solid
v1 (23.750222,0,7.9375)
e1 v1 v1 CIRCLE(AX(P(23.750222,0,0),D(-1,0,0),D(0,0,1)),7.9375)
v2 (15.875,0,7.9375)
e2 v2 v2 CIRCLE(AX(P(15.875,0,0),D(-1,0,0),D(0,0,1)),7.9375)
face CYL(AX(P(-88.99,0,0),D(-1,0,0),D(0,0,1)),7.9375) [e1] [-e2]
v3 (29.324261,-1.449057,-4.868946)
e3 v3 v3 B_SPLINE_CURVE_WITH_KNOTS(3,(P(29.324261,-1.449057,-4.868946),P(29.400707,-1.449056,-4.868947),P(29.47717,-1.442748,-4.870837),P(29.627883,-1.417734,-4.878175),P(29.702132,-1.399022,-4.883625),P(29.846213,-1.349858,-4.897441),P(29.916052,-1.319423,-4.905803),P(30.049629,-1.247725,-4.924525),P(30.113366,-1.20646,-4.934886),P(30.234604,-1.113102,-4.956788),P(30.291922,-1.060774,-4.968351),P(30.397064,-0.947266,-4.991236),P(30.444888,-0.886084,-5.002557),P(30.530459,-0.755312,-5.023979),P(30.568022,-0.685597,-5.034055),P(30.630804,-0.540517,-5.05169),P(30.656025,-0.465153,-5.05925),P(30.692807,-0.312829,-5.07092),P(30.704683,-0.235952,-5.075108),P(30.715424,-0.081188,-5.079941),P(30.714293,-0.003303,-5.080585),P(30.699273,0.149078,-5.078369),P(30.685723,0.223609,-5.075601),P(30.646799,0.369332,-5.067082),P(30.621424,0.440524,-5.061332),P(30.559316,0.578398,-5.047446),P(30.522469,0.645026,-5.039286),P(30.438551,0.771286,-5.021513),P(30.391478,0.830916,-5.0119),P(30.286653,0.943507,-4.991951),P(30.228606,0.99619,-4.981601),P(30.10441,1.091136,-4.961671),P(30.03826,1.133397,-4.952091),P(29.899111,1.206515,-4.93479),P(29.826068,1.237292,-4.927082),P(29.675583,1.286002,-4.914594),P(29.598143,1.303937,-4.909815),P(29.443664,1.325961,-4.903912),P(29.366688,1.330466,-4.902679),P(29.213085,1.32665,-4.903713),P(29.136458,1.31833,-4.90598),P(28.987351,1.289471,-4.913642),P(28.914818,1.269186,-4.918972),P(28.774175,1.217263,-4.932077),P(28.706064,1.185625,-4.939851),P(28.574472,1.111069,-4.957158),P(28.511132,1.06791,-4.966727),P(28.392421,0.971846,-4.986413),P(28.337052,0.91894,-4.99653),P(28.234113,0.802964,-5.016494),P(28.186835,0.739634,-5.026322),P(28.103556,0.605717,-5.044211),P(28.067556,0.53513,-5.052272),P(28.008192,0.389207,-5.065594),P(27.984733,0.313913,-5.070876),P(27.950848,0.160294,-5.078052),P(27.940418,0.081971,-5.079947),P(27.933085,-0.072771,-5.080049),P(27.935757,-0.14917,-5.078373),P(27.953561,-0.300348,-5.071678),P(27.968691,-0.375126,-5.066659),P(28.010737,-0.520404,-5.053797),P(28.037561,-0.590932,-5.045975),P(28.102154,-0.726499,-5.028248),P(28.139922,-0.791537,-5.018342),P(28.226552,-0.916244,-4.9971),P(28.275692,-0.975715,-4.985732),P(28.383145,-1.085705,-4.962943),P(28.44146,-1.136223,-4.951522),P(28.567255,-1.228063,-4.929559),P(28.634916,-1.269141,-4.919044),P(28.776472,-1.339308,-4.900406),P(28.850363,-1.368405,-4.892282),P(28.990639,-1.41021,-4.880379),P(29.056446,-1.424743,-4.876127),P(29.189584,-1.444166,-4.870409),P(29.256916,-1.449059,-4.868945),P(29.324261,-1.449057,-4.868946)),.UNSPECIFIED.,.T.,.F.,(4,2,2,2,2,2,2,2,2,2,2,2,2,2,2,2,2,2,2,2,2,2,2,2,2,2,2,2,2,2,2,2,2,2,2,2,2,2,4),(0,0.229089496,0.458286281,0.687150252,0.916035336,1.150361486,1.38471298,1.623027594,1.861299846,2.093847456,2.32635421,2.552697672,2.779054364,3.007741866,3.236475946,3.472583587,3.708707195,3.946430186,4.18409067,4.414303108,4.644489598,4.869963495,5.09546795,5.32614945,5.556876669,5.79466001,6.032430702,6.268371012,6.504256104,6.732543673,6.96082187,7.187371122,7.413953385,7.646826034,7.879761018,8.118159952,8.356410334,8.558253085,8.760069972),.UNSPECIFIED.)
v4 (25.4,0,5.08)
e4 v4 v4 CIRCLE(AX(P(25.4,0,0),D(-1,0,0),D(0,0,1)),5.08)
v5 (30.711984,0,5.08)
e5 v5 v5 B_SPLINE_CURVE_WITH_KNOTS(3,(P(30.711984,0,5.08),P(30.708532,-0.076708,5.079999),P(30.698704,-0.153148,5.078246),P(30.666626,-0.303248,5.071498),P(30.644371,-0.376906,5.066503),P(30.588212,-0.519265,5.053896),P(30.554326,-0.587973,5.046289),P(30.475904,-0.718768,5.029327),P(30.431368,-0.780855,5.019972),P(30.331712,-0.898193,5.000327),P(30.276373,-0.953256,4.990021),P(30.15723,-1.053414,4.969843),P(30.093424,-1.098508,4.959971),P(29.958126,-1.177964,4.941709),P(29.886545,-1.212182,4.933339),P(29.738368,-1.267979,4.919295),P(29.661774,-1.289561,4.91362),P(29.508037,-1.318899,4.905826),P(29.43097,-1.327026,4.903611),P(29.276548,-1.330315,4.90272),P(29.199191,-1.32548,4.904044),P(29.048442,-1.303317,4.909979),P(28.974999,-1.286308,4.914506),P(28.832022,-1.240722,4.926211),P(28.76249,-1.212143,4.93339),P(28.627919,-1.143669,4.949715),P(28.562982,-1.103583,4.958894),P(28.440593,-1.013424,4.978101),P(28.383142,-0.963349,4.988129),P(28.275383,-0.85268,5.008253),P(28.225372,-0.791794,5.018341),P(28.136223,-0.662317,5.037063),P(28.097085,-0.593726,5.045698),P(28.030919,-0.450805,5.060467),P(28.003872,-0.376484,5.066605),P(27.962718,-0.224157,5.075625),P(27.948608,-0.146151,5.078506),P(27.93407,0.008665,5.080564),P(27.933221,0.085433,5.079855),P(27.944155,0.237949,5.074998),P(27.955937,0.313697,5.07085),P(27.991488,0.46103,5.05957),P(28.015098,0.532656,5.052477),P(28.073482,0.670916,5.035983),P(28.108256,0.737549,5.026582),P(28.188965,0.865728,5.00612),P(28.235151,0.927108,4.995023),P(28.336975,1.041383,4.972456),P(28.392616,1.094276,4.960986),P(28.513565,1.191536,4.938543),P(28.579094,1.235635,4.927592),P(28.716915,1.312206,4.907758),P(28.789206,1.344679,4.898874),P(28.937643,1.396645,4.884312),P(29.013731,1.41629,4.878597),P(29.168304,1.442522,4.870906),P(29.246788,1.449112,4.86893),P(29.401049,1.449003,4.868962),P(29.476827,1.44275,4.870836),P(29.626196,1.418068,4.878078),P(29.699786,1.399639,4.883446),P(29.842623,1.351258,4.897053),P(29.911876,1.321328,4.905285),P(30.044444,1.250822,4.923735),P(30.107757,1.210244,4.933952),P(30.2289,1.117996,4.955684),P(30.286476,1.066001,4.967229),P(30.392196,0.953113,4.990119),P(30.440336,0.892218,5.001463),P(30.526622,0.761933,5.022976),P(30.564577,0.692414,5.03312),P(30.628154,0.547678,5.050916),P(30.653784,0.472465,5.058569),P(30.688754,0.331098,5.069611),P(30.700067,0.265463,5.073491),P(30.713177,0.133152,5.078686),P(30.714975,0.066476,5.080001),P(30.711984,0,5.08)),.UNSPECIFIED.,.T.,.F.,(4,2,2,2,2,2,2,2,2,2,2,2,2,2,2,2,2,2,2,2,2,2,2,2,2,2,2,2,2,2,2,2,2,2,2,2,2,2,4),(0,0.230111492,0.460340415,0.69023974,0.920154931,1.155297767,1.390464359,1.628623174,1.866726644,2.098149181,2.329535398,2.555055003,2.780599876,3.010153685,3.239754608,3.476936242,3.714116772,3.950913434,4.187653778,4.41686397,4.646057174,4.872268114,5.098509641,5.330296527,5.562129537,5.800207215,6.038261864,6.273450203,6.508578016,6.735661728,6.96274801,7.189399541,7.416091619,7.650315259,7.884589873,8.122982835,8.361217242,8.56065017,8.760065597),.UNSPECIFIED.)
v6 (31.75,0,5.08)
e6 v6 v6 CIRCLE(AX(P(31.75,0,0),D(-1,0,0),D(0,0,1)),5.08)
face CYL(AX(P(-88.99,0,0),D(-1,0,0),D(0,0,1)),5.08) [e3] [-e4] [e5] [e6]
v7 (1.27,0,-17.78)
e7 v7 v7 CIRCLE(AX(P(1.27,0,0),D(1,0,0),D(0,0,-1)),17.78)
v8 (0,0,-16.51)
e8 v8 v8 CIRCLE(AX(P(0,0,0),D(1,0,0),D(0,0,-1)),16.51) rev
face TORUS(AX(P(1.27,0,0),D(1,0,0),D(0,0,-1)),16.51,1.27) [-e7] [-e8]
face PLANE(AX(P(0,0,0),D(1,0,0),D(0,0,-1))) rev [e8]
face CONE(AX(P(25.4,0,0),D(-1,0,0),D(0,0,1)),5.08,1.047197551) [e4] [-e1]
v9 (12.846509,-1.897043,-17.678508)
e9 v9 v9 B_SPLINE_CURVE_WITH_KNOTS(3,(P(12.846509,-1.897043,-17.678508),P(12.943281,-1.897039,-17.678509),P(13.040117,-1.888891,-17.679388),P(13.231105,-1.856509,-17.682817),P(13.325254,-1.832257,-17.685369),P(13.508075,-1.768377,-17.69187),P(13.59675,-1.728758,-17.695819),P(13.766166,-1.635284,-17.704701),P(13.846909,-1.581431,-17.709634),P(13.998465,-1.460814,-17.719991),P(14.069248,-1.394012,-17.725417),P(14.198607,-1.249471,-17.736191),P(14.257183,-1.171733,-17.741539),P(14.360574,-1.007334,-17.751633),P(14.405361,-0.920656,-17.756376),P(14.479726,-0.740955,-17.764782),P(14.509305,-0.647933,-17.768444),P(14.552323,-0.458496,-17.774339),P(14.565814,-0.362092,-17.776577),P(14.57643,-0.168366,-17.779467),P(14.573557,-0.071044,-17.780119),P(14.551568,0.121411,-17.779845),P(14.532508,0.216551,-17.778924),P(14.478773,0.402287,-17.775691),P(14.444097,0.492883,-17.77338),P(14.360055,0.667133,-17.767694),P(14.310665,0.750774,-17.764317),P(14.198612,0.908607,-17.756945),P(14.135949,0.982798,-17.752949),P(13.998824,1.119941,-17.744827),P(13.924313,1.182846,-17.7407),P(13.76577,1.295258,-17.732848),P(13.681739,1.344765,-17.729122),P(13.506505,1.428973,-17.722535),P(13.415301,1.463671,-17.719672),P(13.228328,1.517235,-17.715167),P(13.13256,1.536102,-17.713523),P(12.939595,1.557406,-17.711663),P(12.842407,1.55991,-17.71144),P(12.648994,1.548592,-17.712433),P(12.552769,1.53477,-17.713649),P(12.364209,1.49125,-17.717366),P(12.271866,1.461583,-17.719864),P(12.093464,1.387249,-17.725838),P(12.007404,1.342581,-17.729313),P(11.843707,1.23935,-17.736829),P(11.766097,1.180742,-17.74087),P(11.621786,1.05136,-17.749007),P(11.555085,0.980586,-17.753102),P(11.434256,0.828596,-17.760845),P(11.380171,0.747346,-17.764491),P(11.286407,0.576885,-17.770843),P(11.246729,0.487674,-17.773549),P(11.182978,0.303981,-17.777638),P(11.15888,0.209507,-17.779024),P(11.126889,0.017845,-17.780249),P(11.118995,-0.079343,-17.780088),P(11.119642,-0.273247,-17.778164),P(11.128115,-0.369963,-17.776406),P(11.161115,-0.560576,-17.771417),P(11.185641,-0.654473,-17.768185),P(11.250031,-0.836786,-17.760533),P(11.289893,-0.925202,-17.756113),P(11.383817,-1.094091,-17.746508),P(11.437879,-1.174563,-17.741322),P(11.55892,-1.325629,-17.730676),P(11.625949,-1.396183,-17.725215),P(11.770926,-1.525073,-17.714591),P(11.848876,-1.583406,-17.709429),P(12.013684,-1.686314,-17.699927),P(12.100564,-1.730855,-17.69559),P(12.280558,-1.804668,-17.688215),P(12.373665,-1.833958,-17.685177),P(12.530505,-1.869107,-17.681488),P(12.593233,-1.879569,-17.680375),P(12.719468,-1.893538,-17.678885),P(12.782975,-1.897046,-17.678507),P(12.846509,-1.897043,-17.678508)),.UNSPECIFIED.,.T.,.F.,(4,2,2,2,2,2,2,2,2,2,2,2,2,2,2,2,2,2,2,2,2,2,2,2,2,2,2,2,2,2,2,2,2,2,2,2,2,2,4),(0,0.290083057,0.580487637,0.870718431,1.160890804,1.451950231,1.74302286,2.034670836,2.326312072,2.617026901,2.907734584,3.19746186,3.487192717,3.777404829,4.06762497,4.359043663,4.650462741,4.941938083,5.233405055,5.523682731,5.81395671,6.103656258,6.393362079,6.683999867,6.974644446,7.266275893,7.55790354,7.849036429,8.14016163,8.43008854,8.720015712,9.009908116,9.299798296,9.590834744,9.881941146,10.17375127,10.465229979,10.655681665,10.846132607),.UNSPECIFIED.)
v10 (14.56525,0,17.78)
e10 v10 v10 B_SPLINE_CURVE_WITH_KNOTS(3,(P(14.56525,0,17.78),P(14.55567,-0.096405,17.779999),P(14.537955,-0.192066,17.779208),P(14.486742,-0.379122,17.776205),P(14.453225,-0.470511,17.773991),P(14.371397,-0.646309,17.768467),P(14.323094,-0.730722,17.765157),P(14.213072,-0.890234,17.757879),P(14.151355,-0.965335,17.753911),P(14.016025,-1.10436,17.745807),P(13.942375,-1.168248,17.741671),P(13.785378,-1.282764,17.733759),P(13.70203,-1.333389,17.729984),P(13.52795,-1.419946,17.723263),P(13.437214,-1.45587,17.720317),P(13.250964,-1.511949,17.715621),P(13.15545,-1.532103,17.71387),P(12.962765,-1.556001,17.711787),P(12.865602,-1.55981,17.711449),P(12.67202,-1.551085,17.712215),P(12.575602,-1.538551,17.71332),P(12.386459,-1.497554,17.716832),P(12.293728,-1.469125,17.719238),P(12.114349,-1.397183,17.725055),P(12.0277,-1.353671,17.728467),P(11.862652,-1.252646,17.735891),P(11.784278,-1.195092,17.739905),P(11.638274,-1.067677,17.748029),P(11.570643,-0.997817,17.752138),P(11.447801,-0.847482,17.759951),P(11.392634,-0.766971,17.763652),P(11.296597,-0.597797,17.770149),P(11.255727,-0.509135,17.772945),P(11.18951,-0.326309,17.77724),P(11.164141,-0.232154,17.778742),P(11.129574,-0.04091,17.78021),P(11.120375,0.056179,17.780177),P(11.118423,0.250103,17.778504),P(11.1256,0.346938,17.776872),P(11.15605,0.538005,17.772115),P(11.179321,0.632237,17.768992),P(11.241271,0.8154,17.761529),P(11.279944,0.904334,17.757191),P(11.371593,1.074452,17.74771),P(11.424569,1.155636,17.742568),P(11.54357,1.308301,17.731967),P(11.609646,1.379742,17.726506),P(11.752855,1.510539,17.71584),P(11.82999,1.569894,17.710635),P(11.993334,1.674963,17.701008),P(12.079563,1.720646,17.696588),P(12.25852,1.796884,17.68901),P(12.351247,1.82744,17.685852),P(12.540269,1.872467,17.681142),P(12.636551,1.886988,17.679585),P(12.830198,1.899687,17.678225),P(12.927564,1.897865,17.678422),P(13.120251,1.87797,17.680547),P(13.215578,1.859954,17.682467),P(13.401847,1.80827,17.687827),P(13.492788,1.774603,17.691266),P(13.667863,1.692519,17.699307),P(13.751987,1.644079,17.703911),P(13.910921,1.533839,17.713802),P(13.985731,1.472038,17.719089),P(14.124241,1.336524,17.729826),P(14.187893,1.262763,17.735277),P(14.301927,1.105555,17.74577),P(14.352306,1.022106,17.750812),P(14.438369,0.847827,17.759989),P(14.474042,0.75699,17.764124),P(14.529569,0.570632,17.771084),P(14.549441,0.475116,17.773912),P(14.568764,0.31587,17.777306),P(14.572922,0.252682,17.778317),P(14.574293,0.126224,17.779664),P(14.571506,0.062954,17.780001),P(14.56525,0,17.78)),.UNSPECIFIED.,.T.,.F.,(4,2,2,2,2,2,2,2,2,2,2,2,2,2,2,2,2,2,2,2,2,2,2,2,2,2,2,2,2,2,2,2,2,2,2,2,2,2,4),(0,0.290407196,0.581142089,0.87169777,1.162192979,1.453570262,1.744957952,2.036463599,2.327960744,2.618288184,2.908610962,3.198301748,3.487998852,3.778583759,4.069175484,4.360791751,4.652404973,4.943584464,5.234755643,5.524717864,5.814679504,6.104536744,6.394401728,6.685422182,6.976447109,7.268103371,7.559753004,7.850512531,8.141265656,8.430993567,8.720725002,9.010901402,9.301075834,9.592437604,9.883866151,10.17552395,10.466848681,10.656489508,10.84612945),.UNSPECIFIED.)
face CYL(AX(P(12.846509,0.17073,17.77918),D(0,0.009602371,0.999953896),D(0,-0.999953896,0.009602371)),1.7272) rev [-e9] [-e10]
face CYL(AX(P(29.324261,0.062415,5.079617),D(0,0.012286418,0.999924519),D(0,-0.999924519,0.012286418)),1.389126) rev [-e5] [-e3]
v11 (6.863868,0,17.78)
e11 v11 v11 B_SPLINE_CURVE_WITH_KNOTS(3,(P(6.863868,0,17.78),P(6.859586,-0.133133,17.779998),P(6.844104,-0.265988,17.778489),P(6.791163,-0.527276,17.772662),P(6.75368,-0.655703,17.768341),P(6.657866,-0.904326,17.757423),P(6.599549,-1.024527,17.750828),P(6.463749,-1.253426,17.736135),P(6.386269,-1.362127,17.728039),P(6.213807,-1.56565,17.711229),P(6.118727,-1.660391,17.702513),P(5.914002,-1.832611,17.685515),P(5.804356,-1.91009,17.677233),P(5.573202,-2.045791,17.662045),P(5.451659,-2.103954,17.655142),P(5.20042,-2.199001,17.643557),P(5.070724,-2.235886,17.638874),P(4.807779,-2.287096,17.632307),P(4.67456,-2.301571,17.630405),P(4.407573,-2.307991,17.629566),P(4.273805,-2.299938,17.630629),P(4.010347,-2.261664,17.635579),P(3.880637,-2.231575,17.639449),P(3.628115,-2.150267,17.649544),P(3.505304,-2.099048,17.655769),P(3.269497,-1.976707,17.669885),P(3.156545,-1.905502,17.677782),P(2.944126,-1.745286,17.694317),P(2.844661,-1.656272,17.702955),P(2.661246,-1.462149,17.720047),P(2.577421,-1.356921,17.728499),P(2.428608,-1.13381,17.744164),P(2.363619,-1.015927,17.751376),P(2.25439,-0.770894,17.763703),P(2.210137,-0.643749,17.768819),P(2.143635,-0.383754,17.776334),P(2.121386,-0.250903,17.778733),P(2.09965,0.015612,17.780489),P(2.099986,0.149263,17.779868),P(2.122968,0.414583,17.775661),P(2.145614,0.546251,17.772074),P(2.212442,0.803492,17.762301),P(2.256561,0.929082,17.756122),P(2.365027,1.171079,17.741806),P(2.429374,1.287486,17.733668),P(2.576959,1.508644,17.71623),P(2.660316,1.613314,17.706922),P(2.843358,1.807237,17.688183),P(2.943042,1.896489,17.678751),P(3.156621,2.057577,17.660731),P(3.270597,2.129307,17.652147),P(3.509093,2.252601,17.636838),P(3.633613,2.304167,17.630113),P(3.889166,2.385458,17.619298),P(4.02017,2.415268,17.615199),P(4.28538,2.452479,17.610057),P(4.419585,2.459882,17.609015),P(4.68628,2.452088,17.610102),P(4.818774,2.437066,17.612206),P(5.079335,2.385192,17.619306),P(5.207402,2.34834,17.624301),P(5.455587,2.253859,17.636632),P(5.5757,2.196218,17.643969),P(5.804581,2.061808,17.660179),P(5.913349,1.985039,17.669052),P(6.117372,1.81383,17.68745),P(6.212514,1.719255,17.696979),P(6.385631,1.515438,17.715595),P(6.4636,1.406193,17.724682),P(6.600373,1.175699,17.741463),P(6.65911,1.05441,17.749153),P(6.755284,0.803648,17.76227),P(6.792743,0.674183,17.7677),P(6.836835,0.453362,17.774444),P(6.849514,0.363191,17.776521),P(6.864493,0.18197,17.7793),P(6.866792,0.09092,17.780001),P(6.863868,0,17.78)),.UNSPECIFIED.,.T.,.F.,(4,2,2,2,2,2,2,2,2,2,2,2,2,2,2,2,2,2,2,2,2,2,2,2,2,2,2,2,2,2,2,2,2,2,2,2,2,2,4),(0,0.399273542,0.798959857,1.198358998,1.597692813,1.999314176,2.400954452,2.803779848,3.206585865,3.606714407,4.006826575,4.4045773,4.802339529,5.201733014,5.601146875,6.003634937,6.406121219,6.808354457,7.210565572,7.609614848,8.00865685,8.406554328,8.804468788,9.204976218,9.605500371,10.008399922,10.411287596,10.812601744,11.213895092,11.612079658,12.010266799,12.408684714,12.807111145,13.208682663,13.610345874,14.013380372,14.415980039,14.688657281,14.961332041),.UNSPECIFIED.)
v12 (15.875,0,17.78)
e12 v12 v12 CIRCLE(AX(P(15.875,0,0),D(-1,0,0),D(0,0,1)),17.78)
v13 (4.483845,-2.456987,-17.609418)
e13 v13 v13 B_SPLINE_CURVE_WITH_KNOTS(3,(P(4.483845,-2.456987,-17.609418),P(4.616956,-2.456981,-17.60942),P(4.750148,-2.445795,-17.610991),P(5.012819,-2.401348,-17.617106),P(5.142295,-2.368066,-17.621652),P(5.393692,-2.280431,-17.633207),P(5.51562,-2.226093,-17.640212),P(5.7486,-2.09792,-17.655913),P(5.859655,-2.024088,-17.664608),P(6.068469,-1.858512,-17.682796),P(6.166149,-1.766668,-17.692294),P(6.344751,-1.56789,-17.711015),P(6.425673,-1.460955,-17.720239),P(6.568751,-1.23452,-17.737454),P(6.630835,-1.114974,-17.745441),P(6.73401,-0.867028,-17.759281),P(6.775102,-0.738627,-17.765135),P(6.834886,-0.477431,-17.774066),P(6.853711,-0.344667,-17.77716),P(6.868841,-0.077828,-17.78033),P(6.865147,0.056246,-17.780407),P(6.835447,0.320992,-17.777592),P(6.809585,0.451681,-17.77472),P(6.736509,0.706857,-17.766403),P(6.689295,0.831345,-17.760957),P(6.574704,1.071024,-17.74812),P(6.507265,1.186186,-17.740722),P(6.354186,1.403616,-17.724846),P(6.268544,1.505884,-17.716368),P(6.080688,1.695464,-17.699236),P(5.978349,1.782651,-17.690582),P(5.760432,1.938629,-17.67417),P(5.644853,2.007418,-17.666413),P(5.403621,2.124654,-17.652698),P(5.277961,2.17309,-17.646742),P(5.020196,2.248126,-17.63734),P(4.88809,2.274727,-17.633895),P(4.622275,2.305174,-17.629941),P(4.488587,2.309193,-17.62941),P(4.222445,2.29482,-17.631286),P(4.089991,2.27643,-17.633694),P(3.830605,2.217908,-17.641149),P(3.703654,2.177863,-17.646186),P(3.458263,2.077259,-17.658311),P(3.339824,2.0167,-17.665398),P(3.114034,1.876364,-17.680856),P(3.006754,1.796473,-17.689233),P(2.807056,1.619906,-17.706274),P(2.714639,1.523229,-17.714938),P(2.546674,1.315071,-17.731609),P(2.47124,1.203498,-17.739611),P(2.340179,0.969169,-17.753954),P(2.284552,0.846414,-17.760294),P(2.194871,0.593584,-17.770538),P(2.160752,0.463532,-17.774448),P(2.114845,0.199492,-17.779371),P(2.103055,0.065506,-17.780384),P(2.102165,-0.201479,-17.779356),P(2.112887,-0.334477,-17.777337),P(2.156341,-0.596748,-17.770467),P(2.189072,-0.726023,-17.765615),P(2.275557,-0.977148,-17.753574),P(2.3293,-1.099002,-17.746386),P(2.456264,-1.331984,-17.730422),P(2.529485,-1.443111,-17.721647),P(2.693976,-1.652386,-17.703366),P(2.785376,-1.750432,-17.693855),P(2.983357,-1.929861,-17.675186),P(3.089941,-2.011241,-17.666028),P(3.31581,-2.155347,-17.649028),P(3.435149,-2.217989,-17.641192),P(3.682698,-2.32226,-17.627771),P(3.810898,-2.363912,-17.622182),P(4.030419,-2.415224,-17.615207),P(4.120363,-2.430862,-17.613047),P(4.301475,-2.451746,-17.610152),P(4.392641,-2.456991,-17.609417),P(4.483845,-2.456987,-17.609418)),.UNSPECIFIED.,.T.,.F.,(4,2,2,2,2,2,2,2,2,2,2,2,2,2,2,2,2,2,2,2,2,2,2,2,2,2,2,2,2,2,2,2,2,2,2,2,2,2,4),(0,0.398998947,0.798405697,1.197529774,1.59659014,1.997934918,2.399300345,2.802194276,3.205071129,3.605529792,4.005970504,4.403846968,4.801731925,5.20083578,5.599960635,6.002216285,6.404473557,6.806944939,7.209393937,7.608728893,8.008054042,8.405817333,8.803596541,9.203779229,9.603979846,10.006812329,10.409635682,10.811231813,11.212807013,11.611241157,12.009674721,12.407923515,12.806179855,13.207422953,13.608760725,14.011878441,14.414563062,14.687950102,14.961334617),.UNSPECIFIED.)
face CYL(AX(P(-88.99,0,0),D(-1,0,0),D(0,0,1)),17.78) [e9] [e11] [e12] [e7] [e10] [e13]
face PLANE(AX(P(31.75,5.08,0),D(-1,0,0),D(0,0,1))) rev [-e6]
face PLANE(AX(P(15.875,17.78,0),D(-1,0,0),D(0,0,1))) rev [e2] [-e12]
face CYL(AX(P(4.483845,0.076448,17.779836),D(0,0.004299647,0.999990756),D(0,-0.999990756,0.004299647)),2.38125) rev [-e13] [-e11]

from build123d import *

# Parameters (mm, degrees)
F_29_0_136_DIAMETER_HOLE1_D     = 3.4544
F_7_64_0_10938_DIAMETER_HOLE1_D = 2.778252
F_3_16_0_1875_DIAMETER_HOLE1_D  = 4.7625
FILLET1_R                       = 1.27


with BuildPart() as part:
    # Sketch1 → Revolve1 (revolve)
    with BuildSketch(Plane.XY):
        Polygon((0, 0), (0, 17.78), (15.875, 17.78), (15.875, 7.9375), (23.750221606, 7.9375), (25.4, 5.08), (31.75, 5.08), (31.75, 0), (9.963821138, 0), align=None)
    revolve(axis=Axis((-88.99, 0, 0), (1, 0, 0)))

    # #29 (0.136) Diameter Hole1 (through all)
    with Locations(Plane(origin=(12.84650937, 0.170730154, 17.779180274), x_dir=(0, 0.999953896174, -0.009602370845), z_dir=(0, 0.009602370845, 0.999953896174))):
        with Locations((0, 0)):
            Hole(F_29_0_136_DIAMETER_HOLE1_D / 2)

    # 7/64 (0.10938) Diameter Hole1 (through all)
    with Locations(Plane(origin=(29.324260763, 0.062415003, 5.079616557), x_dir=(0, 0.99992451912, -0.012286417829), z_dir=(0, 0.012286417829, 0.99992451912))):
        with Locations((0, 0)):
            Hole(F_7_64_0_10938_DIAMETER_HOLE1_D / 2)

    # 3/16 (0.1875) Diameter Hole1 (through all)
    with Locations(Plane(origin=(4.483845062, 0.076447724, 17.77983565), x_dir=(0, 0.999990756475, -0.004299647026), z_dir=(0, 0.004299647026, 0.999990756475))):
        with Locations((0, 0)):
            Hole(F_3_16_0_1875_DIAMETER_HOLE1_D / 2)

    # Fillet1
    fillet1_edges = [part.edges().sort_by_distance(p)[0] for p in [
        (0, -17.78, 0),
    ]]
    fillet(fillet1_edges, radius=FILLET1_R)


solid = part.part
